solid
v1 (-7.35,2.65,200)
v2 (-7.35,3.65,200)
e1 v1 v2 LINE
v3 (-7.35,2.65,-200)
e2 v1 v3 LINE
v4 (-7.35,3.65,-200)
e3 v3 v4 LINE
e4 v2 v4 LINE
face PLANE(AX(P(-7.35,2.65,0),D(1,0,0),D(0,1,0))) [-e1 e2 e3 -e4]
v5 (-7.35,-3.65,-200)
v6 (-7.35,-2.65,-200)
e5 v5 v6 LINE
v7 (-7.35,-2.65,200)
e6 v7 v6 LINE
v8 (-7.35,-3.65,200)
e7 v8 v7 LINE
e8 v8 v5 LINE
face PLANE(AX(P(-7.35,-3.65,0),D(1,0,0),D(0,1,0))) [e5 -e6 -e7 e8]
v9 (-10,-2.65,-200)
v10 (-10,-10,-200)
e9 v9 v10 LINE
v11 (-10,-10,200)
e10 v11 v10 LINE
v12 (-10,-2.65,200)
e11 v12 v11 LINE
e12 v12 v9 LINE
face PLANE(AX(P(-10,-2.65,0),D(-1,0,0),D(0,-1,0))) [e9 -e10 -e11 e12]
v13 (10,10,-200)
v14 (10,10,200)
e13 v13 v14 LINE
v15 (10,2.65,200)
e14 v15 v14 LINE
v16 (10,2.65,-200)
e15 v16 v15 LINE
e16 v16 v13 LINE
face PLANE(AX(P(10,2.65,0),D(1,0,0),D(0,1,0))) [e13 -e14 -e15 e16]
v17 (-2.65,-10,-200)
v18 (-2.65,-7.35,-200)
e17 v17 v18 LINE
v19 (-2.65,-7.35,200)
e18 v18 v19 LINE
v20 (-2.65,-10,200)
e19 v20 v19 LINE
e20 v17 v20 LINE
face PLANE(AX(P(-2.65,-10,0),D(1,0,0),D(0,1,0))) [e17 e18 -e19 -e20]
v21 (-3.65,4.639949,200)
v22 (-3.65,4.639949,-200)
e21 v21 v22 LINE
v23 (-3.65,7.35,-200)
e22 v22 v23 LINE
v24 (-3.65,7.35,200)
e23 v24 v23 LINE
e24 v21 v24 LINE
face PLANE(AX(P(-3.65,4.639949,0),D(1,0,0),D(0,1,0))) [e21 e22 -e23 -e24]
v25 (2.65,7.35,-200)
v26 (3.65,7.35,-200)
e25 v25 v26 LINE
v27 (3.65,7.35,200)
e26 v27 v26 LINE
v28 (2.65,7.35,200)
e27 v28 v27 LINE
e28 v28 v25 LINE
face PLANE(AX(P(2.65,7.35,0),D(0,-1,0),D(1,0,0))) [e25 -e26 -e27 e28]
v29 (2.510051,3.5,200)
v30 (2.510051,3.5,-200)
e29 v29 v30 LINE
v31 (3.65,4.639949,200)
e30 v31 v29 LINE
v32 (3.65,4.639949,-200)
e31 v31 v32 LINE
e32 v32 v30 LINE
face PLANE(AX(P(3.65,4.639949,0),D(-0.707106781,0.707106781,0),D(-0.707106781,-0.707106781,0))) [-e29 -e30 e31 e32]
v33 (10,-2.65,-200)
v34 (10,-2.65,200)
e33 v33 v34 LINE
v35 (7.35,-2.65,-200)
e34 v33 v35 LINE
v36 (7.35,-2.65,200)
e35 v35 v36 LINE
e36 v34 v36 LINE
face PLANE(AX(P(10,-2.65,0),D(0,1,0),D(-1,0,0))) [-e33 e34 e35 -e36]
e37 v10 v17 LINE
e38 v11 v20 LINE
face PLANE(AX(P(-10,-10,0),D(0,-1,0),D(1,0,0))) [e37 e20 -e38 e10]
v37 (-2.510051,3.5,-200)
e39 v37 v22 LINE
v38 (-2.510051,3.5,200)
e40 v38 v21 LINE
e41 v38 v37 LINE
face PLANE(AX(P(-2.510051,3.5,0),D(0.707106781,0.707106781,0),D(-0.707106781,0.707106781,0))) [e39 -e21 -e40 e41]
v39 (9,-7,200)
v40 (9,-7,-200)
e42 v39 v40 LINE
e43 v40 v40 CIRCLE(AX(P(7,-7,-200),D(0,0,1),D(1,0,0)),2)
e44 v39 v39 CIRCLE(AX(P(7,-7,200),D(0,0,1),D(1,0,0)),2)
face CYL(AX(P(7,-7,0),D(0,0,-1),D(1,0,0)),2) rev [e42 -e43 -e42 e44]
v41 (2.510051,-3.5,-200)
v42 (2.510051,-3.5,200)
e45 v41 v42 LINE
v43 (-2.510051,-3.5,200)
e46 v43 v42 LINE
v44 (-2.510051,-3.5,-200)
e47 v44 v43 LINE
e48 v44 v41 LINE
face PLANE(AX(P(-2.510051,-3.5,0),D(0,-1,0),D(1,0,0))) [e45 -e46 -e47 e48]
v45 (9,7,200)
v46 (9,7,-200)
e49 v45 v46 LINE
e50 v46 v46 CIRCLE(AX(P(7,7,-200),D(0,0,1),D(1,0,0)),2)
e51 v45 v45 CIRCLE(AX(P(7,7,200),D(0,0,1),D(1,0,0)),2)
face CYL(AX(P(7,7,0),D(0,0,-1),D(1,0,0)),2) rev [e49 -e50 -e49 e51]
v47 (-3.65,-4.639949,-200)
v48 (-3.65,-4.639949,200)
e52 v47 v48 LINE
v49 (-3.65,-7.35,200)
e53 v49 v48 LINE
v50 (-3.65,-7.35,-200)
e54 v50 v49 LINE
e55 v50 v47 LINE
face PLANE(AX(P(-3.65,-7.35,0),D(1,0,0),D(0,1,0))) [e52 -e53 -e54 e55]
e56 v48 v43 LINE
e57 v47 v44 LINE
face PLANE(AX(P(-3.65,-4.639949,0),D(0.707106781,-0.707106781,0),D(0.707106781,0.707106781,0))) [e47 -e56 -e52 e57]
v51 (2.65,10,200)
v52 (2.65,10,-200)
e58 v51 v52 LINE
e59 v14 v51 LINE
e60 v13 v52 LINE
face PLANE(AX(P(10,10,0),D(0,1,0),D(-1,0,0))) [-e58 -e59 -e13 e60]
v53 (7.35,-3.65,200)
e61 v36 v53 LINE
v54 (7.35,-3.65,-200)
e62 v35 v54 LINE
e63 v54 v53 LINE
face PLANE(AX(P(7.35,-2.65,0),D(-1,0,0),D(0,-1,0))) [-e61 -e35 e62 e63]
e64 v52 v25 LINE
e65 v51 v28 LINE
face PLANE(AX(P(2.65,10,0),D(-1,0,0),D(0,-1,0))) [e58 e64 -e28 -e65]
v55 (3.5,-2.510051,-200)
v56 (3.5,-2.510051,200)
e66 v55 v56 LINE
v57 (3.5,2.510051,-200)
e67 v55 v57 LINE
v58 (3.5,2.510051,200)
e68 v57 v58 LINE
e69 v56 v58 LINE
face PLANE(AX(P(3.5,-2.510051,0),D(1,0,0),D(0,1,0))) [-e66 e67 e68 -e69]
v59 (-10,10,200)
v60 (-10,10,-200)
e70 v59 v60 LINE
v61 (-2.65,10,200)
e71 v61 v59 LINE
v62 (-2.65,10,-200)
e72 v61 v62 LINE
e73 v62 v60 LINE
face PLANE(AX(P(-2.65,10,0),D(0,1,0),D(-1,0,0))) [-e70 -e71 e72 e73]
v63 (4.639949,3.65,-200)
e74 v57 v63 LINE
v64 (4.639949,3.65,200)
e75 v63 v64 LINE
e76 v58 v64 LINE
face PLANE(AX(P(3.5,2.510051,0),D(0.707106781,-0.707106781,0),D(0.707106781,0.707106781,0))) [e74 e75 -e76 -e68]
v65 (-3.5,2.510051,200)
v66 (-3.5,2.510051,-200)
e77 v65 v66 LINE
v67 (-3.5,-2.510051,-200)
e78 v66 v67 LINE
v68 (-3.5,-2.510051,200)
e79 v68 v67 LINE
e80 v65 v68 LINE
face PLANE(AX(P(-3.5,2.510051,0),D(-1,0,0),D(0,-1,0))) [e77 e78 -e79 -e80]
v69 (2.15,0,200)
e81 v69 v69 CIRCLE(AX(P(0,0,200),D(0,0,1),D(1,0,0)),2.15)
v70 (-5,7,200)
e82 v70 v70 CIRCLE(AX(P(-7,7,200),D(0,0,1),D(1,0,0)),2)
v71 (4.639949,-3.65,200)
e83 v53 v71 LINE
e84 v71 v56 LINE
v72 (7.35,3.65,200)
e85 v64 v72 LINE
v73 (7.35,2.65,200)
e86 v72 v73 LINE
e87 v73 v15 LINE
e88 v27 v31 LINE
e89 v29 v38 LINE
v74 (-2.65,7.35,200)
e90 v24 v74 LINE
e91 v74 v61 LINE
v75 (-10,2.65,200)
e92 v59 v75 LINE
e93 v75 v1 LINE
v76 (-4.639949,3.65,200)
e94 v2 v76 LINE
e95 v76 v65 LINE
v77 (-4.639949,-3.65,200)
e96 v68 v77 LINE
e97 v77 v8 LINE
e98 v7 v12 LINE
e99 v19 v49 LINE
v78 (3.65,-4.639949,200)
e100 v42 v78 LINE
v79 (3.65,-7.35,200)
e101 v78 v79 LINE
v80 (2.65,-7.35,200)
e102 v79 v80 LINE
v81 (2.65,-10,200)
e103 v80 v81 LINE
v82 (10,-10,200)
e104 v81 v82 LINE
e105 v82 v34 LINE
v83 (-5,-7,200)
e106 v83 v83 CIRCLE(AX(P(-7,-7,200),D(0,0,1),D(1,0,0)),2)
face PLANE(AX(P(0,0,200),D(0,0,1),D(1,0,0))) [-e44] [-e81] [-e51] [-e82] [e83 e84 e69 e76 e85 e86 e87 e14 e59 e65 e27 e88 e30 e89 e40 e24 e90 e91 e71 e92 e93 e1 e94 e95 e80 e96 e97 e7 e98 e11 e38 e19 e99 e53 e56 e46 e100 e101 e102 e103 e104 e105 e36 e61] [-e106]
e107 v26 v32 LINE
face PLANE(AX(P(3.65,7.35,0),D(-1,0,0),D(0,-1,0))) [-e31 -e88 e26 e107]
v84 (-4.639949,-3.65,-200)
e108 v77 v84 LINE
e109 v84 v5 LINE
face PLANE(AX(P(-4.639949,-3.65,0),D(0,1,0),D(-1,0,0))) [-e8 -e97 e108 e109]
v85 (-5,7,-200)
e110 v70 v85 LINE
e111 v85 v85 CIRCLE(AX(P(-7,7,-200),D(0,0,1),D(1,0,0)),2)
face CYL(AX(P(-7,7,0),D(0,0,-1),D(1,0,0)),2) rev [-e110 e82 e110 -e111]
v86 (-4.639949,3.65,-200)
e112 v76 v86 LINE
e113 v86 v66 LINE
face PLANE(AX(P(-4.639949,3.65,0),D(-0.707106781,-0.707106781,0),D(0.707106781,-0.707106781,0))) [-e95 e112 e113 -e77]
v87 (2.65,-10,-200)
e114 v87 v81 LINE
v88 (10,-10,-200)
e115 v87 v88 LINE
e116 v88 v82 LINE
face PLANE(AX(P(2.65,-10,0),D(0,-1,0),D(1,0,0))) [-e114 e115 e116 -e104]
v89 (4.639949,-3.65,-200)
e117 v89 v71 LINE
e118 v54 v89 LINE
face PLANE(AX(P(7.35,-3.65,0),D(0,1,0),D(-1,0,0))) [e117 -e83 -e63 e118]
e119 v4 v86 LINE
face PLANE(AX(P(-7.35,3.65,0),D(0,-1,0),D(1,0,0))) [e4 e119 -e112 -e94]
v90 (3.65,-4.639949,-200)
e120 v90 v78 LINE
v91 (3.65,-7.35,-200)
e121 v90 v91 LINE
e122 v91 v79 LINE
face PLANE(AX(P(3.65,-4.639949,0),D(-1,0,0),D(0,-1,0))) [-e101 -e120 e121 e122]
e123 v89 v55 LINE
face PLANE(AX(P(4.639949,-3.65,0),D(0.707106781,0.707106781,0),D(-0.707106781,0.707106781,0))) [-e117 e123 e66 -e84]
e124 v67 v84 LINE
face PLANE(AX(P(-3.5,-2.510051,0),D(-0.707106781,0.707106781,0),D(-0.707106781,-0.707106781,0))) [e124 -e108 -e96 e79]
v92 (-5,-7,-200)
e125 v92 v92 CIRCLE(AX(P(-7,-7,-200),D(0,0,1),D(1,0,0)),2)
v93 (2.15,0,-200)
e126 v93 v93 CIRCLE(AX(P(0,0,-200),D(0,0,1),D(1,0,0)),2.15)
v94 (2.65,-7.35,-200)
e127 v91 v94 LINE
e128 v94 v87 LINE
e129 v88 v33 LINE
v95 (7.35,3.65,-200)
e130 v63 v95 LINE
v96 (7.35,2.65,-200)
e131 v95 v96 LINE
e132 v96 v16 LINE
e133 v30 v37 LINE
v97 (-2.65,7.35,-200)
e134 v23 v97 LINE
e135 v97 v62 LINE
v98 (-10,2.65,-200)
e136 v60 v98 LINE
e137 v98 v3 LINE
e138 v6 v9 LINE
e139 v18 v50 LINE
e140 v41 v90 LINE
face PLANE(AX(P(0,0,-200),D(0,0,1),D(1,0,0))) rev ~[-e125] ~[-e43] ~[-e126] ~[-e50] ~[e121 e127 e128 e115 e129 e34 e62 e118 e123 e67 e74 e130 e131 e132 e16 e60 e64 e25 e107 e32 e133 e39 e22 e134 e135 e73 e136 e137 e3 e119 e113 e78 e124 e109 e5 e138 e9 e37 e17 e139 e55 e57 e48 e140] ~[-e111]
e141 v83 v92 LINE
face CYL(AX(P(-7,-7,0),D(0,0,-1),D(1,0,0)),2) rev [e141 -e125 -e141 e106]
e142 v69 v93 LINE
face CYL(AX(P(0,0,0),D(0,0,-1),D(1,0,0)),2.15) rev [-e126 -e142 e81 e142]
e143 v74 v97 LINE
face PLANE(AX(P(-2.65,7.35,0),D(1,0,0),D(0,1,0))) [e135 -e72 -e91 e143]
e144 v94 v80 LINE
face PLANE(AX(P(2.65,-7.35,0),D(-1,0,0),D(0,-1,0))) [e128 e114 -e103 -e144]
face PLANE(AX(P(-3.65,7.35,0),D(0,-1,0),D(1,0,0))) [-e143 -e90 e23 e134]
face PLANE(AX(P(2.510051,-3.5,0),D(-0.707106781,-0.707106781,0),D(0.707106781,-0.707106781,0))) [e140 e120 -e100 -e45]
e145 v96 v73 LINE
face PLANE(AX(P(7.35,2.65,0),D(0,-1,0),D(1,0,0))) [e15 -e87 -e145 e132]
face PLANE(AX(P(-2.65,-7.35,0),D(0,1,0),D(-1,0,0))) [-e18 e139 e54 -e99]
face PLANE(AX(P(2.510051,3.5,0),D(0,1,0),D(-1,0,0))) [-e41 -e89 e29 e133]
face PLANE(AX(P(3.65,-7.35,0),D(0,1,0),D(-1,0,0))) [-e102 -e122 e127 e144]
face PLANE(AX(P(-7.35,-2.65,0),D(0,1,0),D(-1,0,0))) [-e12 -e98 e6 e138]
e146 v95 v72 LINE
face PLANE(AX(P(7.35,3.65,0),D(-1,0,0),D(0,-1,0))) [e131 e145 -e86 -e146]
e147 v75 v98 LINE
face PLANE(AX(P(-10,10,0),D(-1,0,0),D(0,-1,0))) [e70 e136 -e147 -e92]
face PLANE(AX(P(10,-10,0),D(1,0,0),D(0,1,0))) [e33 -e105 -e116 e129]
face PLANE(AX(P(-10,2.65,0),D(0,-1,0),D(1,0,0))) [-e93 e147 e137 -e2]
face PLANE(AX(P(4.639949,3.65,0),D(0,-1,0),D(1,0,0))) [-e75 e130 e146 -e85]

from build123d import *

# Parameters (mm, degrees)
SKETCH_1_R      = 2
SKETCH_1_R_2    = 2.15
EXTRUDE_1_DEPTH = 200


with BuildPart() as part:
    # 스케치1 → 보스-돌출1 (new, symmetric)
    with BuildSketch(Plane.XY):
        Polygon((-10, -10), (-2.65, -10), (-2.65, -7.35), (-3.65, -7.35), (-3.65, -4.639949494), (-2.510050506, -3.5), (0, -3.5), (2.510050506, -3.5), (3.65, -4.639949494), (3.65, -7.35), (2.65, -7.35), (2.65, -10), (10, -10), (10, -2.65), (7.35, -2.65), (7.35, -3.65), (4.639949494, -3.65), (3.5, -2.510050506), (3.5, 0), (3.5, 2.510050506), (4.639949494, 3.65), (7.35, 3.65), (7.35, 2.65), (10, 2.65), (10, 10), (2.65, 10), (2.65, 7.35), (3.65, 7.35), (3.65, 4.639949494), (2.510050506, 3.5), (0, 3.5), (-2.510050506, 3.5), (-3.65, 4.639949494), (-3.65, 7.35), (-2.65, 7.35), (-2.65, 10), (-10, 10), (-10, 2.65), (-7.35, 2.65), (-7.35, 3.65), (-4.639949494, 3.65), (-3.5, 2.510050506), (-3.5, 0), (-3.5, -2.510050506), (-4.639949494, -3.65), (-7.35, -3.65), (-7.35, -2.65), (-10, -2.65), align=None)
        with Locations((-7, 7)):
            Circle(SKETCH_1_R, mode=Mode.SUBTRACT)
        Circle(SKETCH_1_R_2, mode=Mode.SUBTRACT)
        with Locations((7, 7)):
            Circle(SKETCH_1_R, mode=Mode.SUBTRACT)
        with Locations((-7, -7)):
            Circle(SKETCH_1_R, mode=Mode.SUBTRACT)
        with Locations((7, -7)):
            Circle(SKETCH_1_R, mode=Mode.SUBTRACT)
    extrude(amount=EXTRUDE_1_DEPTH, both=True)


solid = part.part
